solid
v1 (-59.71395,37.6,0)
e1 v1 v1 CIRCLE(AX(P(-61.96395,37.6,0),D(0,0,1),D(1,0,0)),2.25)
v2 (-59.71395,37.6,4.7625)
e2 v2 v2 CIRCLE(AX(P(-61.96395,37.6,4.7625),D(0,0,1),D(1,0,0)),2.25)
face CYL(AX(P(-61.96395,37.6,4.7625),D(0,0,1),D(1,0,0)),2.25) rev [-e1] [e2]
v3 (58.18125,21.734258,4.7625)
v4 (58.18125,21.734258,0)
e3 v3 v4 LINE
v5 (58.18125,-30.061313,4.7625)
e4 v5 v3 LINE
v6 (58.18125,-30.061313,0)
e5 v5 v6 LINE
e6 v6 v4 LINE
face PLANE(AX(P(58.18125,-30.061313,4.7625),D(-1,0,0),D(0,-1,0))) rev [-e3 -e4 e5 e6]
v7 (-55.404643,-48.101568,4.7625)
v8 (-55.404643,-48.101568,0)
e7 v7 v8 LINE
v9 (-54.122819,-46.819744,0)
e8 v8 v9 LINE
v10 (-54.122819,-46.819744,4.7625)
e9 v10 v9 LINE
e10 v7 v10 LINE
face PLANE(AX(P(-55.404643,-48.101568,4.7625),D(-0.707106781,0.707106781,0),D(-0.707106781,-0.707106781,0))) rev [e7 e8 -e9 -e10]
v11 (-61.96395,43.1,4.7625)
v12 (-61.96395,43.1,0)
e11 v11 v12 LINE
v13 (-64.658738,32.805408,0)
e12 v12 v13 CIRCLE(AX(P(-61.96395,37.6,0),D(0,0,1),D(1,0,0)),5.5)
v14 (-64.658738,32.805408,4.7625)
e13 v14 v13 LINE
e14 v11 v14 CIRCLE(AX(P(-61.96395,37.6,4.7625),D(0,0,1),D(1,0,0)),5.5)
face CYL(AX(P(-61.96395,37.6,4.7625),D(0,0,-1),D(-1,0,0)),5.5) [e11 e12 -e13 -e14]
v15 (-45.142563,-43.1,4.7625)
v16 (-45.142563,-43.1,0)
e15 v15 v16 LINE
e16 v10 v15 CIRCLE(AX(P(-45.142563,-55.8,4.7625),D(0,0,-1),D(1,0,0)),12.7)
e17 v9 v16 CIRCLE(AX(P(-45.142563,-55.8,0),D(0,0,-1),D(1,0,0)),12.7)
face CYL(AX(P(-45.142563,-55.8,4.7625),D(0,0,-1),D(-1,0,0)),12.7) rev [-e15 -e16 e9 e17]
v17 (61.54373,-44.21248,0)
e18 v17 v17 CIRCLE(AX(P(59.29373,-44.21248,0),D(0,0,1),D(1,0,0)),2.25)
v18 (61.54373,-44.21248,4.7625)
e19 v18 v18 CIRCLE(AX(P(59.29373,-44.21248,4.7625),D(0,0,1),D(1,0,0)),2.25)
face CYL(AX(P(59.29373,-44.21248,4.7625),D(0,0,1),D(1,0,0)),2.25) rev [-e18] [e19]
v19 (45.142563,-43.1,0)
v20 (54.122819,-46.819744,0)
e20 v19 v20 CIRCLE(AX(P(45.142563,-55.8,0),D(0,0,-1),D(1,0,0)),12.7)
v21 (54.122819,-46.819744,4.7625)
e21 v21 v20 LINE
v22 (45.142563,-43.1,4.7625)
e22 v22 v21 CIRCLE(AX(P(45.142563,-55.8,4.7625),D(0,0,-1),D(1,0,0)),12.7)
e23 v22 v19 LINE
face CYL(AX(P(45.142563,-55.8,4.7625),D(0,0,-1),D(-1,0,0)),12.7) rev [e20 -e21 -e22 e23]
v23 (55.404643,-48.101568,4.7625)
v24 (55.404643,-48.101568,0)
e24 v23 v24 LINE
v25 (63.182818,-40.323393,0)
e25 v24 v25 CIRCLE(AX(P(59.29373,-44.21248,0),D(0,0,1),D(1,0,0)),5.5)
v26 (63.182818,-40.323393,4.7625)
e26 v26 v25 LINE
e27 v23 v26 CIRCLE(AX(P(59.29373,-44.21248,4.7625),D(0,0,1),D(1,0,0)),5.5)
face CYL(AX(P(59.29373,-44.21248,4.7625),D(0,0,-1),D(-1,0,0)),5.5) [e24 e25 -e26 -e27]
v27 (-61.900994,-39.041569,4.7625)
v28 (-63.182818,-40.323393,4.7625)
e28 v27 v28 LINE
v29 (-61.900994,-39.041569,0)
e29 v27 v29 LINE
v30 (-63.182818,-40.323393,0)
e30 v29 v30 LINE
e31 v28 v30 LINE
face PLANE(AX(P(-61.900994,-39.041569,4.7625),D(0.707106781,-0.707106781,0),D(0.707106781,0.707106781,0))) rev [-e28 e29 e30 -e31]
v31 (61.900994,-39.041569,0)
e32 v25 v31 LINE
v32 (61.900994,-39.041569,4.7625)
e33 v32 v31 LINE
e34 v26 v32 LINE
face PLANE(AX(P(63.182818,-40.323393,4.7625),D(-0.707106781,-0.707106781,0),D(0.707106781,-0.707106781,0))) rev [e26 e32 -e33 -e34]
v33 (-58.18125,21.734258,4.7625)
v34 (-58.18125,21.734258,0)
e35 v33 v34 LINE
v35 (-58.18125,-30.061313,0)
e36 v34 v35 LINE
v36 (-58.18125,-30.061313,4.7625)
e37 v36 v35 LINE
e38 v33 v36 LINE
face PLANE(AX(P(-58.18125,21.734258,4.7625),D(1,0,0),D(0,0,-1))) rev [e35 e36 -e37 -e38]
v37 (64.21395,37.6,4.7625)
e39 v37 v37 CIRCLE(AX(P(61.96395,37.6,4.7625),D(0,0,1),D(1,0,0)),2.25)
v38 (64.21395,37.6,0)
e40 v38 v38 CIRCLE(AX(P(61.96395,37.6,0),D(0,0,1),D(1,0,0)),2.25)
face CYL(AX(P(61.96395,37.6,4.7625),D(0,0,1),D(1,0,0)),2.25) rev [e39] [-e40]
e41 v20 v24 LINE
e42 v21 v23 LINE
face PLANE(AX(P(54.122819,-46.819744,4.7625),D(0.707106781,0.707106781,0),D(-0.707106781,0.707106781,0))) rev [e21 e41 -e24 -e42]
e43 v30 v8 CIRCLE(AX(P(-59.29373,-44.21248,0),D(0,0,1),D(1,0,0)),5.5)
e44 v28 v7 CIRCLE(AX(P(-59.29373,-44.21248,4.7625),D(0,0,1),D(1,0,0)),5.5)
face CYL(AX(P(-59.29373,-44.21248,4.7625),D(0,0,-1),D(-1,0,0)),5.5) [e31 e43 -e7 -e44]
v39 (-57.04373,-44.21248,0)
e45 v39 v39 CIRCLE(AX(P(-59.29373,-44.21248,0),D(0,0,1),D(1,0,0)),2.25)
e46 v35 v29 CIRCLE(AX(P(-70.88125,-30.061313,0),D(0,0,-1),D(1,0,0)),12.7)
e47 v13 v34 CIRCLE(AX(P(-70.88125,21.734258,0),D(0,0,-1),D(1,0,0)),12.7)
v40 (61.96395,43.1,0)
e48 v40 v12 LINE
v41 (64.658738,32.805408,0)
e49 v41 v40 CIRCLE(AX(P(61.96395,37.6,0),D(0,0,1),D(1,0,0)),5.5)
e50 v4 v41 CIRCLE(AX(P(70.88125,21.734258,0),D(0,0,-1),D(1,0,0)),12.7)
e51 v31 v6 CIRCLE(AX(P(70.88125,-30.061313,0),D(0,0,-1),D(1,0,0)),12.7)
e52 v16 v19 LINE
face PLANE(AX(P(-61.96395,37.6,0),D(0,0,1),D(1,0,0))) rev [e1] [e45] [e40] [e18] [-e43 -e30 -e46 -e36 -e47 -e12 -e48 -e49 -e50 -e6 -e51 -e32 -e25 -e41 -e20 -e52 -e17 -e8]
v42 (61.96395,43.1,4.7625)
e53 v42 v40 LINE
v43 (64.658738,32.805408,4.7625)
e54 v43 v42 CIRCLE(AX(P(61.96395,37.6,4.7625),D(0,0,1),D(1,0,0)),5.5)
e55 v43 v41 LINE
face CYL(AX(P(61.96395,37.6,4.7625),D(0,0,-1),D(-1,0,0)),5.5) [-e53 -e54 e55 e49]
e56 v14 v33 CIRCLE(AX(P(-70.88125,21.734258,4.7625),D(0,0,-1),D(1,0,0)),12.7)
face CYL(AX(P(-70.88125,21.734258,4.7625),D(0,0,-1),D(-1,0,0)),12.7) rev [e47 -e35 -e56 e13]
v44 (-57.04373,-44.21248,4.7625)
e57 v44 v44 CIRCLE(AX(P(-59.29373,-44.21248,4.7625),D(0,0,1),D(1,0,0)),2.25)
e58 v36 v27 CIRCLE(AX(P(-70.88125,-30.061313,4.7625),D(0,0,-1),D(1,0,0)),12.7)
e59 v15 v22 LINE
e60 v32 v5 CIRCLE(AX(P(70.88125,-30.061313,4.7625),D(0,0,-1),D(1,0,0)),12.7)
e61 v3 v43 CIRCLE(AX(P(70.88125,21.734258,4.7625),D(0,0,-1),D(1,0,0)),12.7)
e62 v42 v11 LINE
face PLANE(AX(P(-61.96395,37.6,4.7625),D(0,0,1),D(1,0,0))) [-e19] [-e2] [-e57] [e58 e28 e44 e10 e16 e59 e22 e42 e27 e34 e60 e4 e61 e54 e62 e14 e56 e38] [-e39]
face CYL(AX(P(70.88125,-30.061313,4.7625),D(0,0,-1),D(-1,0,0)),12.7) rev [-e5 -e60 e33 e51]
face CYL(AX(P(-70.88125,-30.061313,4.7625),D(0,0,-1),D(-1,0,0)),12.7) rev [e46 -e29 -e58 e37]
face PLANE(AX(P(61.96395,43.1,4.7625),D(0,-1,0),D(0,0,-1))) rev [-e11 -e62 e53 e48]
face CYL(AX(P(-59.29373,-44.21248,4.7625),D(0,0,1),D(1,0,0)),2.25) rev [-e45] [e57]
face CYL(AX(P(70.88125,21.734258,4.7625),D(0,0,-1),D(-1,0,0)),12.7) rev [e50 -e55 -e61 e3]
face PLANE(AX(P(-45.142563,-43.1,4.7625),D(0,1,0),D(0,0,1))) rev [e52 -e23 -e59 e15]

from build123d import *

# Parameters (mm, degrees)
BOSS_EXTRUDE1_DEPTH  = 4.7625
M4_CLEARANCE_HOLE1_D = 4.5


with BuildPart() as part:
    # Sketch2 → Boss-Extrude1 (new body)
    with BuildSketch(Plane.XY):
        with BuildLine():
            Line((-58.18125, 21.734258268), (-58.18125, -30.061313165))
            ThreePointArc((-58.18125, -30.061313165), (-59.147979937, -34.921392756), (-61.900993879, -39.041569286))
            Line((-61.900993879, -39.041569286), (-63.182817689, -40.323393096))
            ThreePointArc((-63.182817689, -40.323393096), (-63.182817689, -48.101567689), (-55.404643096, -48.101567689))
            Line((-55.404643096, -48.101567689), (-54.122819286, -46.819743879))
            ThreePointArc((-54.122819286, -46.819743879), (-50.002642756, -44.066729937), (-45.142563165, -43.1))
            Line((-45.142563165, -43.1), (45.142563165, -43.1))
            ThreePointArc((45.142563165, -43.1), (50.002642756, -44.066729937), (54.122819286, -46.819743879))
            Line((54.122819286, -46.819743879), (55.404643096, -48.101567689))
            ThreePointArc((55.404643096, -48.101567689), (63.182817689, -48.101567689), (63.182817689, -40.323393096))
            Line((63.182817689, -40.323393096), (61.900993879, -39.041569286))
            ThreePointArc((61.900993879, -39.041569286), (59.147979937, -34.921392756), (58.18125, -30.061313165))
            Line((58.18125, -30.061313165), (58.18125, 21.734258268))
            ThreePointArc((58.18125, 21.734258268), (59.919591901, 28.147685724), (64.658738462, 32.805407718))
            ThreePointArc((64.658738462, 32.805407718), (67.284676339, 38.9927926), (61.96395, 43.1))
            Line((61.96395, 43.1), (-61.96395, 43.1))
            ThreePointArc((-61.96395, 43.1), (-67.284676339, 38.9927926), (-64.658738462, 32.805407718))
            ThreePointArc((-64.658738462, 32.805407718), (-59.919591901, 28.147685724), (-58.18125, 21.734258268))
        make_face()
    extrude(amount=BOSS_EXTRUDE1_DEPTH)

    # M4 Clearance Hole1 (through all)
    with Locations(Plane.XY.offset(4.7625)):
        with Locations((-59.293730392, -44.212480392), (-61.96395, 37.6), (61.96395, 37.6), (59.293730392, -44.212480392)):
            Hole(M4_CLEARANCE_HOLE1_D / 2)


solid = part.part
